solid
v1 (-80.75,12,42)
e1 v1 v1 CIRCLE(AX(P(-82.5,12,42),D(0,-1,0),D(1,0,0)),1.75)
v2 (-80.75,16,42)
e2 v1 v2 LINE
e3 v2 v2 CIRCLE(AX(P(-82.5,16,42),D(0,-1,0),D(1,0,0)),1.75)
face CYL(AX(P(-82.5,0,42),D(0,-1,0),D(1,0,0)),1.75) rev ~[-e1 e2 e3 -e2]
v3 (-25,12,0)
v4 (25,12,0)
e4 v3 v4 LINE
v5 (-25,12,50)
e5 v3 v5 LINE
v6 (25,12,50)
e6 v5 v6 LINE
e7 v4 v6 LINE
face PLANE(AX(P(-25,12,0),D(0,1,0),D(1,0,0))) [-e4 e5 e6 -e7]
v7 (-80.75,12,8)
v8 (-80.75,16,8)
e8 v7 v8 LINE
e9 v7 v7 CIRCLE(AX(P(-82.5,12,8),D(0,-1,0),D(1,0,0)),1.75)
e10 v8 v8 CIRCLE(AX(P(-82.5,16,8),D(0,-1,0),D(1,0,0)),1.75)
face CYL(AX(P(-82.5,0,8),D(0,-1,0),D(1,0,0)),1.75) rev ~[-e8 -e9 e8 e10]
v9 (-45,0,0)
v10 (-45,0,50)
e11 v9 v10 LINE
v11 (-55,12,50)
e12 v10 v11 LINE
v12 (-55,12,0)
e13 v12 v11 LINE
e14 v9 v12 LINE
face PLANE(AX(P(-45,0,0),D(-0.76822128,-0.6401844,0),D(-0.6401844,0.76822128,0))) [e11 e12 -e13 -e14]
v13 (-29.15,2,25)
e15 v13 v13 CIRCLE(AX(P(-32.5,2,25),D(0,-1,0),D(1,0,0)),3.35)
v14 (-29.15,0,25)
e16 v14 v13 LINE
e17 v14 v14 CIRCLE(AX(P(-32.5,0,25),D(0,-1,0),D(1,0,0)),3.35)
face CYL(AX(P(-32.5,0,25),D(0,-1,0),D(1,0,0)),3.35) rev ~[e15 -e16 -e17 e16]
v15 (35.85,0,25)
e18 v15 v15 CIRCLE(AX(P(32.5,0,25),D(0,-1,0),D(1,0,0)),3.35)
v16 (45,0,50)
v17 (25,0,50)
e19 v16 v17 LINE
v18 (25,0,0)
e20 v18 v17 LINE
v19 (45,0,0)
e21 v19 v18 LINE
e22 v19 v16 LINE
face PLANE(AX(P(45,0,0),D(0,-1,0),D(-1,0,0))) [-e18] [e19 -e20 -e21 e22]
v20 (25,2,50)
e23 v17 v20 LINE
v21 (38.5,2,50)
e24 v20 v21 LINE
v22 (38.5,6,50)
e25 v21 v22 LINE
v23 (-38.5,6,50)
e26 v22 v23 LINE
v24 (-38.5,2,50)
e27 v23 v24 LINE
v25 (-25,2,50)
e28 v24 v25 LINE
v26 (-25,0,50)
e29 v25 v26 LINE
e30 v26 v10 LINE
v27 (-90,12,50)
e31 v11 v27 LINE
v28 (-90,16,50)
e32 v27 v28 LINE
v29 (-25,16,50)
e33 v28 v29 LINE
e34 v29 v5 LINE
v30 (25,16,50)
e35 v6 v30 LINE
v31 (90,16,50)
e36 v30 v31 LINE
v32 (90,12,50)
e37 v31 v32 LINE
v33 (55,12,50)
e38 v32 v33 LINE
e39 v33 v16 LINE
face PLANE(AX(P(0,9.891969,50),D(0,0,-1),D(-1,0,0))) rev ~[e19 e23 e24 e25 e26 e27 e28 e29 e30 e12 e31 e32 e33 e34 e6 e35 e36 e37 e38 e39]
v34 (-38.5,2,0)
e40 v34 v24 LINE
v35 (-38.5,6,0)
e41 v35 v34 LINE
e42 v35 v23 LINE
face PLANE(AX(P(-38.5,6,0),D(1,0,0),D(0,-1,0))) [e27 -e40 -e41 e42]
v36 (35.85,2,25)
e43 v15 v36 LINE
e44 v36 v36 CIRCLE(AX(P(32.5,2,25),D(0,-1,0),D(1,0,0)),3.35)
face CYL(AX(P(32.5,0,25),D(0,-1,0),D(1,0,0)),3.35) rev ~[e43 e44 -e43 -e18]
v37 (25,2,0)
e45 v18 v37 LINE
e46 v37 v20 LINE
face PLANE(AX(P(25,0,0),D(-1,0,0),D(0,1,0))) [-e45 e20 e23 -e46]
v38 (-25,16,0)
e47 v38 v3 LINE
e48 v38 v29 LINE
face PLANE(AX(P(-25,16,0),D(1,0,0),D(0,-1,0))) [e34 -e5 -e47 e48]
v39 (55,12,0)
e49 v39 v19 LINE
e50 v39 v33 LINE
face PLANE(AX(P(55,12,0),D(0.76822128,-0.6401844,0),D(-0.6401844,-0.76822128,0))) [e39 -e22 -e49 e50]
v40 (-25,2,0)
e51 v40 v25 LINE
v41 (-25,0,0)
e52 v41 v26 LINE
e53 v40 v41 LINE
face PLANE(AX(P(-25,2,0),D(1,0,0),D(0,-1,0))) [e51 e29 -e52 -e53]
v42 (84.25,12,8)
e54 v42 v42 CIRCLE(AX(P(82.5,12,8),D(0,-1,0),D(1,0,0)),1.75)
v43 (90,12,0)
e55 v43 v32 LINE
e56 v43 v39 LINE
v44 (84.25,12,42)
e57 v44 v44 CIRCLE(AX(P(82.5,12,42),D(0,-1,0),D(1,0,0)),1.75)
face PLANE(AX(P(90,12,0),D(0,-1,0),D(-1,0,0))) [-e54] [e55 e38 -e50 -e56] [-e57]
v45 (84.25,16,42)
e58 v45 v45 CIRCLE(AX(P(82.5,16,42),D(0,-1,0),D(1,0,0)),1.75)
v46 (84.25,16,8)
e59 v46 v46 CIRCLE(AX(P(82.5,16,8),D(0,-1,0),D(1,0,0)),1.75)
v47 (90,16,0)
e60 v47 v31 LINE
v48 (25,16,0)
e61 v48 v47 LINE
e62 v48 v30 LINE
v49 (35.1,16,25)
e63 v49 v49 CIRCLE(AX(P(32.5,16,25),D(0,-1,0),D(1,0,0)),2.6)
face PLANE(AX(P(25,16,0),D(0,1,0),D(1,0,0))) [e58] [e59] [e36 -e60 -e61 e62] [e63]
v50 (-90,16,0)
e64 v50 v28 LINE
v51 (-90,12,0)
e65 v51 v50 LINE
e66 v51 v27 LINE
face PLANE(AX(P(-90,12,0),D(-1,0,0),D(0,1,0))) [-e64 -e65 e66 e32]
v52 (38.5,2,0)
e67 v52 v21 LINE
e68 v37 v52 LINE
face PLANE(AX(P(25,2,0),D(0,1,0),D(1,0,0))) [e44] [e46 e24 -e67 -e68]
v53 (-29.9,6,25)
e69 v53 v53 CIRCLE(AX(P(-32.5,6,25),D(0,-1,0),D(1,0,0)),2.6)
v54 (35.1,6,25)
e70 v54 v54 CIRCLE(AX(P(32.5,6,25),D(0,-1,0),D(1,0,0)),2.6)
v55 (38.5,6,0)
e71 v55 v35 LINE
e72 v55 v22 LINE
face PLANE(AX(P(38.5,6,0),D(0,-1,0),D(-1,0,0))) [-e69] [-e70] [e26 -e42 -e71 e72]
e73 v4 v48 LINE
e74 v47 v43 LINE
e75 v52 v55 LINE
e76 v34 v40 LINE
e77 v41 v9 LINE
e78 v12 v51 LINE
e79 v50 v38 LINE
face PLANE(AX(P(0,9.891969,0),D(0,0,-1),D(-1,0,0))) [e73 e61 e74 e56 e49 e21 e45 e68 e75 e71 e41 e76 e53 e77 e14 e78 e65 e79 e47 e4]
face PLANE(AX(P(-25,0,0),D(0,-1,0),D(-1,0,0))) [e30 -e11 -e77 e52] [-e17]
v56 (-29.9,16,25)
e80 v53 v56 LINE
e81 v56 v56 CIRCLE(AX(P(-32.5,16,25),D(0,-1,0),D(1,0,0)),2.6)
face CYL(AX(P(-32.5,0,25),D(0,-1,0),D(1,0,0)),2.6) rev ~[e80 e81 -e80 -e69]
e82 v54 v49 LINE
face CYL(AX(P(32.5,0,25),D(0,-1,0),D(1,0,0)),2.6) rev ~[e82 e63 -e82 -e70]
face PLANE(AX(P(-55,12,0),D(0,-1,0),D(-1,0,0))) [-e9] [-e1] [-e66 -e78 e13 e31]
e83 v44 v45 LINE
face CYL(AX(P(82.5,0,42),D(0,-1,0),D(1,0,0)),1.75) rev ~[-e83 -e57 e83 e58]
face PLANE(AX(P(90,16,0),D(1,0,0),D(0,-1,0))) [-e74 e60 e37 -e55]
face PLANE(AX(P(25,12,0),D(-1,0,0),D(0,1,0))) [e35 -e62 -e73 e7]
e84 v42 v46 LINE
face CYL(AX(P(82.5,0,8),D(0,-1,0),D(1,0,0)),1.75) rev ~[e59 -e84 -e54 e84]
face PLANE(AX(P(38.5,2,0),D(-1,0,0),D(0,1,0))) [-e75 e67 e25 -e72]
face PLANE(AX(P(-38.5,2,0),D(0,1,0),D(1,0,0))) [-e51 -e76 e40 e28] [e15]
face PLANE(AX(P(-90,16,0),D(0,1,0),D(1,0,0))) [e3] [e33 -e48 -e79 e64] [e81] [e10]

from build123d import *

# Parameters (mm, degrees)
SKETCH001_AS_DRAWN_R                 = 1.75
SKETCH001_AS_DRAWN_R_2               = 2.6
EXTRUDE003_DEPTH                     = 25
EXTRUDE003_ONTO_SKETCH001_ROLL_ANGLE = 90
SKETCH002_AS_DRAWN_R                 = 3.35
EXTRUDE002_DEPTH                     = 3
EXTRUDE002_ONTO_SKETCH002_ROLL_ANGLE = 90
EXTRUDE_DEPTH                        = 50


with BuildPart() as extrude003:
    # Sketch001 as drawn → Extrude003 (new)
    with BuildSketch(Plane.XY):
        with Locations((-82.5, -17)):
            Circle(SKETCH001_AS_DRAWN_R)
        with Locations((82.5, 17)):
            Circle(SKETCH001_AS_DRAWN_R)
        with Locations((82.5, -17)):
            Circle(SKETCH001_AS_DRAWN_R)
        with Locations((-32.5, 0)):
            Circle(SKETCH001_AS_DRAWN_R_2)
        with Locations((32.5, 0)):
            Circle(SKETCH001_AS_DRAWN_R_2)
        with Locations((-82.5, 17)):
            Circle(SKETCH001_AS_DRAWN_R)
    extrude(amount=-EXTRUDE003_DEPTH)


with BuildPart() as extrude003_1:
    # Extrude003 onto Sketch001 roll: moved
    add(extrude003.part.rotate(Axis((0, 0, 0), (1, 0, 0)), EXTRUDE003_ONTO_SKETCH001_ROLL_ANGLE))


with BuildPart() as extrude003_2:
    # Extrude003 onto Sketch001 placement: moved
    add(extrude003_1.part.moved(Location((0, 0, 25))))


with BuildPart() as fusion:
    # Sketch002 as drawn → Extrude002 (new)
    with BuildSketch(Plane.XY):
        with Locations((-32.5, 0)):
            Circle(SKETCH002_AS_DRAWN_R)
        with Locations((32.5, 0)):
            Circle(SKETCH002_AS_DRAWN_R)
    extrude(amount=-EXTRUDE002_DEPTH)


with BuildPart() as fusion_1:
    # Extrude002 onto Sketch002 roll: moved
    add(fusion.part.rotate(Axis((0, 0, 0), (1, 0, 0)), EXTRUDE002_ONTO_SKETCH002_ROLL_ANGLE))


with BuildPart() as fusion_2:
    # Extrude002 onto Sketch002 placement: moved
    add(fusion_1.part.moved(Location((0, 0, 25))))

    # Fusion: union Extrude003
    add(extrude003_2.part)


with BuildPart() as cut:
    # Sketch → Extrude (new body)
    with BuildSketch(Plane.XY):
        Polygon((90, 16), (90, 12), (55, 12), (45, 0), (25, 0), (25, 2), (38.5, 2), (38.5, 6), (-38.5, 6), (-38.5, 2), (-25, 2), (-25, 0), (-45, 0), (-55, 12), (-90, 12), (-90, 16), (-25, 16), (-25, 12), (25, 12), (25, 16), align=None)
    extrude(amount=EXTRUDE_DEPTH)

    # Cut: cut Fusion
    add(fusion_2.part, mode=Mode.SUBTRACT)


solid = cut.part
